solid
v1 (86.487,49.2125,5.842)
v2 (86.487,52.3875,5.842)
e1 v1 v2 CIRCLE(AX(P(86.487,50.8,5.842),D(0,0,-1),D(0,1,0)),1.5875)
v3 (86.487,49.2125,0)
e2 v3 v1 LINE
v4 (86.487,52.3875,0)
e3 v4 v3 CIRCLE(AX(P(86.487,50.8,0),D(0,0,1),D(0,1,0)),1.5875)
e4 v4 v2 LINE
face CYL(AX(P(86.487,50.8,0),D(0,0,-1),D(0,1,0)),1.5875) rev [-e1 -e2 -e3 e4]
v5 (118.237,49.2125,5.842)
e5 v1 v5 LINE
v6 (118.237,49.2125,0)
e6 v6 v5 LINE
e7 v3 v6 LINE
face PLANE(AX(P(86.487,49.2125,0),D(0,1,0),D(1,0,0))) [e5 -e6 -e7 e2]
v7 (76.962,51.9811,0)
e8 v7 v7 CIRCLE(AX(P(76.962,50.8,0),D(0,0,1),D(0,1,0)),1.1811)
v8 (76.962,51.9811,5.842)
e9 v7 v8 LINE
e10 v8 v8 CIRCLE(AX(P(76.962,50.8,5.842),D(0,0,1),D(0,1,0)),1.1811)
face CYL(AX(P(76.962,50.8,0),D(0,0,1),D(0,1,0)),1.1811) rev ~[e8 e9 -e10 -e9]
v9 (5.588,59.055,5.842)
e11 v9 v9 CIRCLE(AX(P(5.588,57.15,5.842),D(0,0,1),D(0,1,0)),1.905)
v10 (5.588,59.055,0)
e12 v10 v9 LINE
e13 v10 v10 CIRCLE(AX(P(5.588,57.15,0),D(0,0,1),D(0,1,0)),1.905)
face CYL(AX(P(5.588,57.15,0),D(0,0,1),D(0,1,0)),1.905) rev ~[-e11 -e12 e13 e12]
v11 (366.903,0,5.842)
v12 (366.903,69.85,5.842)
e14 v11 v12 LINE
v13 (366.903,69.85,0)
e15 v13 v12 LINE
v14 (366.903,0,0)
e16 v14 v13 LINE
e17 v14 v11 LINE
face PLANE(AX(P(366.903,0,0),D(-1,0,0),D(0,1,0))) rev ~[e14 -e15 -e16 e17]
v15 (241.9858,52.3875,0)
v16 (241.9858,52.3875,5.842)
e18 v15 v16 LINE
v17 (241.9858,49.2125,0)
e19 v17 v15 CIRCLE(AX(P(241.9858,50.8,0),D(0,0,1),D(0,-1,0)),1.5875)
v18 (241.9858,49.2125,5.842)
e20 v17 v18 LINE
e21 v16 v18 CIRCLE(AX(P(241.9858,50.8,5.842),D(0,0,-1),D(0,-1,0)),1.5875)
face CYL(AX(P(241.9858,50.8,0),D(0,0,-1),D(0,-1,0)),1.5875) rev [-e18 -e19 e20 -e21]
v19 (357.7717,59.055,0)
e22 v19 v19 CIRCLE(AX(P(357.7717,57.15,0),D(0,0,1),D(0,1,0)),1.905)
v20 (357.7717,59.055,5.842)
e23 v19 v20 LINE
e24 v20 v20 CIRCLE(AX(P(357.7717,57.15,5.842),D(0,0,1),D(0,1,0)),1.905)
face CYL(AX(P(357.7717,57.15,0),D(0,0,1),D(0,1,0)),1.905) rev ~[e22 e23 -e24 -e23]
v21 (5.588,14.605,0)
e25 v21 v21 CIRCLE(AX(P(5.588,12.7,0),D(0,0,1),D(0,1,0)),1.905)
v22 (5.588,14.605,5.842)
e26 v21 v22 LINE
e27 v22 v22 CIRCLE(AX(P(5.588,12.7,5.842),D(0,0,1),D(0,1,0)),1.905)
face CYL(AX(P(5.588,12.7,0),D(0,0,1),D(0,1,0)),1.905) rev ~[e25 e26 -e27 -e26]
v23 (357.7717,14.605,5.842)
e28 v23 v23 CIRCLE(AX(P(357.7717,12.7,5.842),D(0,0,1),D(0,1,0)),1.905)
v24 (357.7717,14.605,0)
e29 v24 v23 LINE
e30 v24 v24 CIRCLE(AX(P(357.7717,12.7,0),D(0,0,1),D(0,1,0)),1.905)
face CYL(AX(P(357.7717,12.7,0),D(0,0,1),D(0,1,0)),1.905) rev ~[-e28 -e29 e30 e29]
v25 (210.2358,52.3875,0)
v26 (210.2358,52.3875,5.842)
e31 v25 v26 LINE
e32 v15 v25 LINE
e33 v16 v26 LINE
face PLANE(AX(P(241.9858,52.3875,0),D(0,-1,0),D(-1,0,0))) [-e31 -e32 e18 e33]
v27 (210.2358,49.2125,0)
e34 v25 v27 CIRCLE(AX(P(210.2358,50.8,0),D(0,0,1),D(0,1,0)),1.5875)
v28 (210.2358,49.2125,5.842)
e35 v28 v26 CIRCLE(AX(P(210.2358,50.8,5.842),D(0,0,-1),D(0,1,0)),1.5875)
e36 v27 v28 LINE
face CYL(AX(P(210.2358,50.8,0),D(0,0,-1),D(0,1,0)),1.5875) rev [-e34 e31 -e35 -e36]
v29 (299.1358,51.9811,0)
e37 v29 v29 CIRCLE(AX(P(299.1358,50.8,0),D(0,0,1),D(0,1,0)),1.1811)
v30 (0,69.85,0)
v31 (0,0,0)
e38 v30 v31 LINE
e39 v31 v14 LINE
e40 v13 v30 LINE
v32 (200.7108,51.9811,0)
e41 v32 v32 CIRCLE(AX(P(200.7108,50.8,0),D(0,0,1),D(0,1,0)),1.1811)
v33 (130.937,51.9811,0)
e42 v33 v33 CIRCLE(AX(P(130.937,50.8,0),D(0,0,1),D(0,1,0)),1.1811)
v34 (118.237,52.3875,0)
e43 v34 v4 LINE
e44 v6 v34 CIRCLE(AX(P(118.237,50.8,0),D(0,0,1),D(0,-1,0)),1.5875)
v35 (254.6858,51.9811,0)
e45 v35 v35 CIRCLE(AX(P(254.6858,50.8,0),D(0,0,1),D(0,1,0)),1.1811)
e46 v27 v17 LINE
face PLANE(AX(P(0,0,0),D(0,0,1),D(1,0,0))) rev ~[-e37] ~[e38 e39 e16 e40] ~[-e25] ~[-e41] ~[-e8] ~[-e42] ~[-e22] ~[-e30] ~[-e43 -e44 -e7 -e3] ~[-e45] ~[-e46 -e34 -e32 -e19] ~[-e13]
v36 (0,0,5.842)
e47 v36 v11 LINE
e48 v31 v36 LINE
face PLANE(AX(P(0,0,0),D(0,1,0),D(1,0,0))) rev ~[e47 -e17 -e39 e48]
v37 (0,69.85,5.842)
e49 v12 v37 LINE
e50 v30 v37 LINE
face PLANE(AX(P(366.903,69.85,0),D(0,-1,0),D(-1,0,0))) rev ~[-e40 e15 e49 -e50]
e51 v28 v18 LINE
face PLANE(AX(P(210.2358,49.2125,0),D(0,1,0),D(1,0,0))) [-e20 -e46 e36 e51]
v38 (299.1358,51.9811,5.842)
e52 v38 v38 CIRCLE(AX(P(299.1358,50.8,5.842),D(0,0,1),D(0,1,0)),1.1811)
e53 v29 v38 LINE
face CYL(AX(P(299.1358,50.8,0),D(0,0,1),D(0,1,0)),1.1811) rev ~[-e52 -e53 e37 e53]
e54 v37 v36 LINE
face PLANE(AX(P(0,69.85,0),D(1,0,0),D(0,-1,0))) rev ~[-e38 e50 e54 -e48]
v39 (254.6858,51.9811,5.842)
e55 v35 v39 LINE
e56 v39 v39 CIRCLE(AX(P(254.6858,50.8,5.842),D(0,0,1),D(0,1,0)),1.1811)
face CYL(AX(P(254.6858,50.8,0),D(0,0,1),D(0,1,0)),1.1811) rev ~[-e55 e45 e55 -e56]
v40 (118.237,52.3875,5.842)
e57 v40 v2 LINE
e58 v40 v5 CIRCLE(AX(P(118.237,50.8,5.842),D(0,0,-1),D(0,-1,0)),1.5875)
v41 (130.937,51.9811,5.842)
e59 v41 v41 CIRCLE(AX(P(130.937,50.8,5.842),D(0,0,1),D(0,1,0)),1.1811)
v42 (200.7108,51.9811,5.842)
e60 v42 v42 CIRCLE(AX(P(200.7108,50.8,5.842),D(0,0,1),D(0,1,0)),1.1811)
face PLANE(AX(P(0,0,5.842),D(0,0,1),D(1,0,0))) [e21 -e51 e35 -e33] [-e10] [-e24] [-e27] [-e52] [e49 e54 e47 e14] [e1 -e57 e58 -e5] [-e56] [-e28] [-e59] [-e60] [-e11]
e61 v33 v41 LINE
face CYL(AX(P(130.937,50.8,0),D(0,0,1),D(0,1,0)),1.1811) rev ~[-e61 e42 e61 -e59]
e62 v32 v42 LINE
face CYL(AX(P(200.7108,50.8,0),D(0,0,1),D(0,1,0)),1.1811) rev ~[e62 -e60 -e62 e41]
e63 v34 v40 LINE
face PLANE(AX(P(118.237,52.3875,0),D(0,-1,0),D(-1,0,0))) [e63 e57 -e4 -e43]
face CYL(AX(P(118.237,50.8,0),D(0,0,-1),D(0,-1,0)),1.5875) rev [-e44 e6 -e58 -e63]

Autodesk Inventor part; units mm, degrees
ref_plane "YZ Plane" through (0, 0, 0) normal (1, 0, 0) x (0, 1, 0)
ref_plane "XZ Plane" through (0, 0, 0) normal (0, 1, 0) x (-1, 0, 0)
sketch "Sketch1" plane through (0, 0, 0) normal (0, 0, 1) x (1, 0, 0)
  line L0 (0, 83.82) -> (0, -13.97) projected
  line L1 (-73.3806, 0) -> (440.2836, 0) projected
  line L2 (0, 0) -> (366.903, 0)
  line L3 (366.903, 0) -> (366.903, 69.85)
  line L4 (366.903, 69.85) -> (0, 69.85)
  line L5 (0, 69.85) -> (0, 0)
  line L6 (0, 34.925) -> (366.903, 34.925) construction
  line L7 (241.9858, 50.8) -> (210.2358, 50.8) construction
  line L8 (241.9858, 52.3875) -> (210.2358, 52.3875)
  line L9 (210.2358, 49.2125) -> (241.9858, 49.2125)
  arc A0 (241.9858, 49.2125) -> (241.9858, 52.3875) centre (241.9858, 50.8) ccw
  arc A1 (210.2358, 52.3875) -> (210.2358, 49.2125) centre (210.2358, 50.8) ccw
  line L10 (118.237, 50.8) -> (86.487, 50.8) construction
  line L11 (118.237, 52.3875) -> (86.487, 52.3875)
  line L12 (86.487, 49.2125) -> (118.237, 49.2125)
  arc A2 (118.237, 49.2125) -> (118.237, 52.3875) centre (118.237, 50.8) ccw
  arc A3 (86.487, 52.3875) -> (86.487, 49.2125) centre (86.487, 50.8) ccw
  line L13 (102.362, 50.8) -> (366.903, 50.8) construction
  point P0 (5.588, 12.7)
  point P1 (5.588, 57.15)
  point P2 (357.7717, 57.15)
  point P3 (357.7717, 12.7)
  point P4 (226.1108, 50.8)
  point P5 (226.1108, 50.8)
  point P6 (130.937, 50.8)
  point P7 (299.1358, 50.8)
  point P8 (254.6858, 50.8)
  point P9 (175.387, 50.8)
  point P10 (76.962, 50.8)
  point P11 (200.7108, 50.8)
  dimension "d0" = 366.903
  dimension "d1" = 69.85
  dimension "d9" = 9.1313
  dimension "d10" = 22.225
  dimension "d11" = 22.225
  dimension "d29" = 5.588
  dimension "d30" = 3.175
  dimension "d31" = 31.75
  dimension "d32" = 140.7922
  dimension "d33" = 19.05
  dimension "d36" = 3.175
  dimension "d37" = 31.75
  dimension "d38" = 264.541
  dimension "d41" = 44.45
  dimension "d42" = 19.05
  dimension "d43" = 44.45
  dimension "d45" = 28.575
  dimension "d46" = 28.575
  dimension "d54" = 25.4
  dimension "d55" = 25.4
extrude "Extrusion1" add sketch "Sketch1" along normal blind 5.842 contours L4 L3 L1 L0 | A0 L9 A1 L8 | A2 L12 A3 L11
hole "Hole1" at (357.7717, 57.15, 0) at (357.7717, 12.7, 0) direction (0, 0, 1) diameter 3.81 end through all
hole "Hole2" at (5.588, 12.7, 0) at (5.588, 57.15, 0) direction (0, 0, 1) diameter 3.81 end through all
extrude "Extrusion2" cut sketch "Sketch1" along normal up to next contours A0 L9 A1 L8 | A2 L12 A3 L11
hole "Hole3" at (130.937, 50.8, 0) at (299.1358, 50.8, 0) at (254.6858, 50.8, 0) at (76.962, 50.8, 0) at (200.7108, 50.8, 0) direction (0, 0, 1) diameter 2.3622 end through all
equation "\"d36\" = d30"
equation "\"d37\" = d31"
